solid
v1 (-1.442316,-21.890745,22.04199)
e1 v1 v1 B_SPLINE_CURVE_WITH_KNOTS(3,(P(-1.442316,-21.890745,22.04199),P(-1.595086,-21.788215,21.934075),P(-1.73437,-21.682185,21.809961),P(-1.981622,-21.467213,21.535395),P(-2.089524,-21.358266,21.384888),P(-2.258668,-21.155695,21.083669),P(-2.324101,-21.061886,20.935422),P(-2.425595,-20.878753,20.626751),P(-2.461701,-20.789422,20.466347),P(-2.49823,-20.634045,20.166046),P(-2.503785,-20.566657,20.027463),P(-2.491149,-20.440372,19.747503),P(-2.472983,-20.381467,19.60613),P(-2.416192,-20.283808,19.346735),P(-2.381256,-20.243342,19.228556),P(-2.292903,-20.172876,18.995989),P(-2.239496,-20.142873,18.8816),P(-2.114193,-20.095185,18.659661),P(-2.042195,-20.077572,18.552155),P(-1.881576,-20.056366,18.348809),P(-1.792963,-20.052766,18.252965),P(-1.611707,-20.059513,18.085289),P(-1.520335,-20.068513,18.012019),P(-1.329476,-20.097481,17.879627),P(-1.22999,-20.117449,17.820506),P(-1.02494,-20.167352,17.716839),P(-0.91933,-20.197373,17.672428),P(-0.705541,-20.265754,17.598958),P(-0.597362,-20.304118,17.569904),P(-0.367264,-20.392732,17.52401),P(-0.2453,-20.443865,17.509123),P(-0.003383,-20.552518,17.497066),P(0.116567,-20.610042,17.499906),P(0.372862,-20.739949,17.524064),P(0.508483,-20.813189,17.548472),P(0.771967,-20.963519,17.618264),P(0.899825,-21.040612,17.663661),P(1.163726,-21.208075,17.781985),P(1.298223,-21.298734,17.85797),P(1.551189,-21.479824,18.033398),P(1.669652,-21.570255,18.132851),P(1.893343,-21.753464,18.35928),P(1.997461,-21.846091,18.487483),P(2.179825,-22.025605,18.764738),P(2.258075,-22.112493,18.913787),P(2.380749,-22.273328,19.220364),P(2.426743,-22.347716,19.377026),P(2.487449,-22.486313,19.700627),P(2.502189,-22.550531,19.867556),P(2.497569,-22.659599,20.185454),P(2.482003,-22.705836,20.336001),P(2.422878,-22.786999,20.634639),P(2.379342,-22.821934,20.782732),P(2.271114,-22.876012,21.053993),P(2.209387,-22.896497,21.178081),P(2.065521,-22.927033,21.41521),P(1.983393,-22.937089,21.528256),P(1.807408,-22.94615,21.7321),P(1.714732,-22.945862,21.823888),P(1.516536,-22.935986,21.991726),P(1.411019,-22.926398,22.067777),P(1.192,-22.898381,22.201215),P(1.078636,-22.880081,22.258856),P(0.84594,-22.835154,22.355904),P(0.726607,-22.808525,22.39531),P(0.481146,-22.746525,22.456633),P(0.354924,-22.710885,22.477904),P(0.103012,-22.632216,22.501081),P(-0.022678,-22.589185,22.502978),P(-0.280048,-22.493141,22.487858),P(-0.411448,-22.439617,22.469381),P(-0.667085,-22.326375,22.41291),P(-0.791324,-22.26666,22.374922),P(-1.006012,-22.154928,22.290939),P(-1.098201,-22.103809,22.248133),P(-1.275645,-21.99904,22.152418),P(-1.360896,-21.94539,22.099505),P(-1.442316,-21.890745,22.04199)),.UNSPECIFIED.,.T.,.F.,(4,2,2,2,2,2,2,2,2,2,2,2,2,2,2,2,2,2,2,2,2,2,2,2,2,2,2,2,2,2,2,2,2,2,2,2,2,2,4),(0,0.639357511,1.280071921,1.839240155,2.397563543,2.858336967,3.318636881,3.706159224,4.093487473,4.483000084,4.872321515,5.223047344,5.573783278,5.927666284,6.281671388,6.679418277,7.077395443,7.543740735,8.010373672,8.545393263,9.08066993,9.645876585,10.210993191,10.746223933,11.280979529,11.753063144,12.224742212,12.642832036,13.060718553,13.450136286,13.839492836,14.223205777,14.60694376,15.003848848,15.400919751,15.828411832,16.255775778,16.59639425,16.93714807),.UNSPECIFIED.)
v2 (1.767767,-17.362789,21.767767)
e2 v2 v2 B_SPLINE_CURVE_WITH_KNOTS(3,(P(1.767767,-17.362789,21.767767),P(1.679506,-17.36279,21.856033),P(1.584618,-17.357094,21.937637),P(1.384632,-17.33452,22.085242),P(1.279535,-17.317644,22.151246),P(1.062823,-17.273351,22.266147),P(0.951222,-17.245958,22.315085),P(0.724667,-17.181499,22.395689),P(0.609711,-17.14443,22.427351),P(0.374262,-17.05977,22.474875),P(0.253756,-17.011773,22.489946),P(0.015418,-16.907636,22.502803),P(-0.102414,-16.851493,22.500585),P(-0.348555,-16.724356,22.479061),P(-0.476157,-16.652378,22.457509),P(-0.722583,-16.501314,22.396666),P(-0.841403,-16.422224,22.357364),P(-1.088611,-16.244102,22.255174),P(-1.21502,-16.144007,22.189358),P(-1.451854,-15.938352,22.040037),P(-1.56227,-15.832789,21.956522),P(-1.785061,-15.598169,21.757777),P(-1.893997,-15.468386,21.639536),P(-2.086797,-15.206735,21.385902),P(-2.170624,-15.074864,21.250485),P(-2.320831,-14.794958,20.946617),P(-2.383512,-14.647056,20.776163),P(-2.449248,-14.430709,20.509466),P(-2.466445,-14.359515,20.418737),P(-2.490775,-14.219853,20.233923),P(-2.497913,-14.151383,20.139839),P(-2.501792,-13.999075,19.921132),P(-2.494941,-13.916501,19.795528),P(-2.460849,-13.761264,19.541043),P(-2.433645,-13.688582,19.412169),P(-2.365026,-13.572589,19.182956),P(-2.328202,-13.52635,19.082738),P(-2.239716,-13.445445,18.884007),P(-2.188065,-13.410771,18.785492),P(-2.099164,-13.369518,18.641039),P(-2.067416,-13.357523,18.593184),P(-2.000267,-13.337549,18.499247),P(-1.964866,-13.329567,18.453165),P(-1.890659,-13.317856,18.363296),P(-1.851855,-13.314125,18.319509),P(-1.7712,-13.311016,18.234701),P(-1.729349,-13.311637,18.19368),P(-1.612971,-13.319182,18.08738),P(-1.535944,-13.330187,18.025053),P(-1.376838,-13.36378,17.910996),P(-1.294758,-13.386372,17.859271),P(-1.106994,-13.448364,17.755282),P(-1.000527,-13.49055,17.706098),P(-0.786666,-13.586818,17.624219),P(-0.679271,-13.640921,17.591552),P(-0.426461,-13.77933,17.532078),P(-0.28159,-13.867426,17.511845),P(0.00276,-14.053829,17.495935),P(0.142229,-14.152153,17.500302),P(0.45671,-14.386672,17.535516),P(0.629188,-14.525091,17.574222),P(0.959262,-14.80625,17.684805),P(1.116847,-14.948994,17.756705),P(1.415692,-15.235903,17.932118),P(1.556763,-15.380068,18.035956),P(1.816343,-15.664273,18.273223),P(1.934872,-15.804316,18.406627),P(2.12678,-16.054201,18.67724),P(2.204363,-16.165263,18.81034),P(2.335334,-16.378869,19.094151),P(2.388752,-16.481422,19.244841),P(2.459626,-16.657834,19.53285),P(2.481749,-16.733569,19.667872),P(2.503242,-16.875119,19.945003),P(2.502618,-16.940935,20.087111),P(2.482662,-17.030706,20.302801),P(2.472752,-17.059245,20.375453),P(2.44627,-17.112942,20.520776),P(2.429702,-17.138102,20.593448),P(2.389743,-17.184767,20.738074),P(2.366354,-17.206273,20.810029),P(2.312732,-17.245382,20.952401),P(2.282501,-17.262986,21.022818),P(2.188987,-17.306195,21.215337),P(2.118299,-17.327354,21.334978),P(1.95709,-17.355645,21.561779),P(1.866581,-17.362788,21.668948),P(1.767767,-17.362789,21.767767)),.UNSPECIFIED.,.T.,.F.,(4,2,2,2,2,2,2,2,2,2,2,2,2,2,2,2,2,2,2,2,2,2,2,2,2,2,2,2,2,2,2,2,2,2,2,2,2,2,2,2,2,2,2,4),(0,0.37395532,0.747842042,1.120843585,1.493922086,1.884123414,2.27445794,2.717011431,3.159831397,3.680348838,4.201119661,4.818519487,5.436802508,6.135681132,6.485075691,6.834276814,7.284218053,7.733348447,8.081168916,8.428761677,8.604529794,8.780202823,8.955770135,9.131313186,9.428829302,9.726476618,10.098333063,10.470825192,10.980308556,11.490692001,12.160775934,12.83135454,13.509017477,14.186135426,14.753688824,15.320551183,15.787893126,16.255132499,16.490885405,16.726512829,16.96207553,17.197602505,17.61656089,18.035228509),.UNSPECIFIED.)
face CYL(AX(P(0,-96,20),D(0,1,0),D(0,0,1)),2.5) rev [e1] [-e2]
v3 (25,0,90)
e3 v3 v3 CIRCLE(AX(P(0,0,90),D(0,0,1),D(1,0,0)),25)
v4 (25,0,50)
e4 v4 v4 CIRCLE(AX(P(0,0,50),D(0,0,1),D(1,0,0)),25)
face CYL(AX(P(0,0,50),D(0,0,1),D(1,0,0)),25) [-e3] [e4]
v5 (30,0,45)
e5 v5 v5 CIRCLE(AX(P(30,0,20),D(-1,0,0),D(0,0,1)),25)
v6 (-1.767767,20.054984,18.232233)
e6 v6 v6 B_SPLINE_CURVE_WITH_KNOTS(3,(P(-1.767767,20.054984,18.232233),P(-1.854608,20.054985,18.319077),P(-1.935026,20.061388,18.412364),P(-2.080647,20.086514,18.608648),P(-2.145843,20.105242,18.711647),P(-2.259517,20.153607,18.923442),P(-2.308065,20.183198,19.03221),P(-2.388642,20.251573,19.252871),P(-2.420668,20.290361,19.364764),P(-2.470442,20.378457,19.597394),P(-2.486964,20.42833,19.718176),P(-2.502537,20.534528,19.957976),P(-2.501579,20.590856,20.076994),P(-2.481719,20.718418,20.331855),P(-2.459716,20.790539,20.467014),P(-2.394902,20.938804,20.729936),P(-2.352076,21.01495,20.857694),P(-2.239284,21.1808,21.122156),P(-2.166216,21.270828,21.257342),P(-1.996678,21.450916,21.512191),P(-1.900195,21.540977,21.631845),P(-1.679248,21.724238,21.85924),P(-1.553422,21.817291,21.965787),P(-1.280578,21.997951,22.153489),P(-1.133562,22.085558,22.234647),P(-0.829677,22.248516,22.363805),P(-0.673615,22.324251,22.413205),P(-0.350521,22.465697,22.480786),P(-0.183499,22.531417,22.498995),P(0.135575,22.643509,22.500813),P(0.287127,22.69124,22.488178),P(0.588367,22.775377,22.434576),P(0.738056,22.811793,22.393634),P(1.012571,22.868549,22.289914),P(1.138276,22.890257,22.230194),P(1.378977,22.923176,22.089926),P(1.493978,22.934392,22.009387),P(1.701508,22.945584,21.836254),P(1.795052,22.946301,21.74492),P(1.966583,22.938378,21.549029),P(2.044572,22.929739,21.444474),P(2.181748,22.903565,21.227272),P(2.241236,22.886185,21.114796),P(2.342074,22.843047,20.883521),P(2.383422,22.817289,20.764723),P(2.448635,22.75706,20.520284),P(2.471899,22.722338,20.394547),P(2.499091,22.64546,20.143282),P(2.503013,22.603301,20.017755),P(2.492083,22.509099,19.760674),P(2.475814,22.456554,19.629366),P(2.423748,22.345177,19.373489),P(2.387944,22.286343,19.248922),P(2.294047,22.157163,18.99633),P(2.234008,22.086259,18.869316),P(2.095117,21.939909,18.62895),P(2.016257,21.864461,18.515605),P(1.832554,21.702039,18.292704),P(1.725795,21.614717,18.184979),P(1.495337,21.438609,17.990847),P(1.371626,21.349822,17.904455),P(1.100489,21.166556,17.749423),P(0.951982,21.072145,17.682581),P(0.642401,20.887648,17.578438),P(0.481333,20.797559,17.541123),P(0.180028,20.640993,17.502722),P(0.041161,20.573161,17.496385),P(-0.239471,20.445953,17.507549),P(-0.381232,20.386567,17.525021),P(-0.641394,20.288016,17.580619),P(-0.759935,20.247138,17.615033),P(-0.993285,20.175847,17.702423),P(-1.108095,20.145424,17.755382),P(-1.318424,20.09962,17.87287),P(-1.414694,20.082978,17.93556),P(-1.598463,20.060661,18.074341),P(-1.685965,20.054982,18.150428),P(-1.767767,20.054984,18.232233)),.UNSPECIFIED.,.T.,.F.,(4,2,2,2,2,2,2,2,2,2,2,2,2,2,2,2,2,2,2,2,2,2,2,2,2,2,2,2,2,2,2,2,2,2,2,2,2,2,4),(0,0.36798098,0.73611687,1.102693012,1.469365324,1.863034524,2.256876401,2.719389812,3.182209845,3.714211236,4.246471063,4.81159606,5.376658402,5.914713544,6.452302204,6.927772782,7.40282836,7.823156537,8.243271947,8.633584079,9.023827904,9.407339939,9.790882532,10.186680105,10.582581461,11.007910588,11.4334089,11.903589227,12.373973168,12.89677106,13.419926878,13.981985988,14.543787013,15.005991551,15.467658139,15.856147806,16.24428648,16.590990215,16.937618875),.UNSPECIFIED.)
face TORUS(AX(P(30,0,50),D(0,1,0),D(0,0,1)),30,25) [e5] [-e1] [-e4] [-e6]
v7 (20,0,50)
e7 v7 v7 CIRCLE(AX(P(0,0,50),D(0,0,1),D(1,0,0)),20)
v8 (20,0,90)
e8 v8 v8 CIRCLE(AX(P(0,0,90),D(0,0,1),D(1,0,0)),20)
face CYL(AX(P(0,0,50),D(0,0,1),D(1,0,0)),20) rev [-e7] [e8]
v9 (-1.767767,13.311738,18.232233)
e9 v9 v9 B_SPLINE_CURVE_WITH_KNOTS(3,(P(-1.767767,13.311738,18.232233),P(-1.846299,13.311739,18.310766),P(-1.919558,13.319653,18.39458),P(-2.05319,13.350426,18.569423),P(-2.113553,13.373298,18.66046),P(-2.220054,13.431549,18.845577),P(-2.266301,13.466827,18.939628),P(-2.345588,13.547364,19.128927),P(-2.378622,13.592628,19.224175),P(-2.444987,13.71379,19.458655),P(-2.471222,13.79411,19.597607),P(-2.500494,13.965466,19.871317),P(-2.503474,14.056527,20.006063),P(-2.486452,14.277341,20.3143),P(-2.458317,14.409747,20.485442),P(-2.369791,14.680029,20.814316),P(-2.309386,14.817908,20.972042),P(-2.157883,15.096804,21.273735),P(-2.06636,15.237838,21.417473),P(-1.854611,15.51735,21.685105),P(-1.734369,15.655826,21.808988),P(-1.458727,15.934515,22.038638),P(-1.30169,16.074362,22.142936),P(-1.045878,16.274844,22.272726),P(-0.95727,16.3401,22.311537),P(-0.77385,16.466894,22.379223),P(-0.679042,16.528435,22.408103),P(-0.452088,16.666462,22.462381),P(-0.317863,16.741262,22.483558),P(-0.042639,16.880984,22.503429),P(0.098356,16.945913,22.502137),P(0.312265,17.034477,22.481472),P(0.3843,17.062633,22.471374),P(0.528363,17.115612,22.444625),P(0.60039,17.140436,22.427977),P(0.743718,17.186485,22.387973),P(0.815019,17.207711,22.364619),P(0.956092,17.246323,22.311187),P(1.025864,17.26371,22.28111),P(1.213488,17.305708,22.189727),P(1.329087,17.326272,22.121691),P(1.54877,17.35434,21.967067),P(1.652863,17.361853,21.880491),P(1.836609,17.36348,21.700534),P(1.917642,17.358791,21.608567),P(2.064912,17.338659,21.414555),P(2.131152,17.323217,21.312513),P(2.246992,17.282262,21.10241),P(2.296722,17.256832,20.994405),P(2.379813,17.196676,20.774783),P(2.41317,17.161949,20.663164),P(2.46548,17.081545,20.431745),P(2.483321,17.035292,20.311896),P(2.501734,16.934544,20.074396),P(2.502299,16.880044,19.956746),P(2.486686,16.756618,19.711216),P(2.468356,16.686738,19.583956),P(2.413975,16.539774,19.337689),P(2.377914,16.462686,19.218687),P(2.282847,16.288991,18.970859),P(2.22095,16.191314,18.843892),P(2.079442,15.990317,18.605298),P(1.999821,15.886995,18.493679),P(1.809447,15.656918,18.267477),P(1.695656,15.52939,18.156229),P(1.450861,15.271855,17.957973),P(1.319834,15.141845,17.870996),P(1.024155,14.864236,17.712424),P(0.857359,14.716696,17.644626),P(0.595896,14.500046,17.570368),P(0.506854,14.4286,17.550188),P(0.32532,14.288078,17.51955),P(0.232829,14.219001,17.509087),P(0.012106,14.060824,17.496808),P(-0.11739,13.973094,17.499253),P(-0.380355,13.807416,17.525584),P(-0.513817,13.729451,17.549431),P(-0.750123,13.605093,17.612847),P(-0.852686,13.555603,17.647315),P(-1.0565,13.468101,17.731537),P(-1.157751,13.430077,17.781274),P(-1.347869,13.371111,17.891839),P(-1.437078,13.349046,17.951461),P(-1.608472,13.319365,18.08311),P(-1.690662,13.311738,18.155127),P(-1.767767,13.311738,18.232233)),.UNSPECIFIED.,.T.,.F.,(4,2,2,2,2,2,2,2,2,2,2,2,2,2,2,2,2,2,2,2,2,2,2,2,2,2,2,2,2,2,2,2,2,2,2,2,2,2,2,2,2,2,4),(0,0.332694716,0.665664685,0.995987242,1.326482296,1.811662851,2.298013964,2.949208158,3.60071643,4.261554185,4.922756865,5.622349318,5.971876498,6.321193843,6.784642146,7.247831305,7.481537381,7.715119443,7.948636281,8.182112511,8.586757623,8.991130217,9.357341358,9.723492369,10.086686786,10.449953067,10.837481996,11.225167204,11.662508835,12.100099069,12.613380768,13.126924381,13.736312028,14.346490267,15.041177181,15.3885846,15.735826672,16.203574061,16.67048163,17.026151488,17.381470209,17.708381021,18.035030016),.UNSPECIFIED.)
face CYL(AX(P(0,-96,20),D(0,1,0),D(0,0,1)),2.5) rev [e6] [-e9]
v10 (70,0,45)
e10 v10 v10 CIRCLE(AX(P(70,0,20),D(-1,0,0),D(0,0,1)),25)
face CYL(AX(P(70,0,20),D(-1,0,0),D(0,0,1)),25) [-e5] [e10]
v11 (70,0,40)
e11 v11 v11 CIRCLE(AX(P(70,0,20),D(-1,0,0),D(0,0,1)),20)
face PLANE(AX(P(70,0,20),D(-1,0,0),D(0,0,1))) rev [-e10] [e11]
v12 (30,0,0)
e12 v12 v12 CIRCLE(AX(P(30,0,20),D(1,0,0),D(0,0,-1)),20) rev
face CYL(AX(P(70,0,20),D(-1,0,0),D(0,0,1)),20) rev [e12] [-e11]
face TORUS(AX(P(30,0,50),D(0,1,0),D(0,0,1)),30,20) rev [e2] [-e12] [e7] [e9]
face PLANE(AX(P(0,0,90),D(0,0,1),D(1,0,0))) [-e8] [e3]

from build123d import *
from build123d.topology import SkipClean

# Parameters (mm, degrees)
SKETCH2_R               = 25
SHELL3_T                = -5
CUT_EXTRUDE2_DEPTH      = 117.726175321
CUT_EXTRUDE2_DEPTH_BACK = 96
SKETCH3_R               = 2.5


with BuildPart() as part:
    # Sweep7: sweep along a path in Sketch1
    with BuildLine(Plane(origin=(0, 0, 0), x_dir=(1, 0, 0), z_dir=(0, 1, 0))) as sweep7_path:
        Line((0, -90), (0, -50))
        ThreePointArc((0, -50), (8.786796564, -28.786796564), (30, -20))
        Line((30, -20), (70, -20))
    # Sketch2 → Sweep7 (sweep)
    with BuildSketch(Plane.XY.offset(90)):
        Circle(SKETCH2_R)
    sweep(path=sweep7_path.line)

    # Shell3
    shell3_openings = [part.faces().sort_by_distance(p)[0] for p in [
        (70, 0, 20),
        (0, 0, 90),
    ]]
    offset(amount=SHELL3_T, openings=shell3_openings, kind=Kind.INTERSECTION)

    # Sketch3 → Cut-Extrude2 (cut, two sides: drawn at the far end of the back side and taken through both)
    with SkipClean():  # the faces are left unmerged after this step: merging them gives an invalid solid
        with BuildSketch(Plane(origin=(0, 0, 0), x_dir=(1, 0, 0), z_dir=(0, 1, 0)).offset(-CUT_EXTRUDE2_DEPTH_BACK)):
            with Locations((0, -20)):
                Circle(SKETCH3_R)
        extrude(amount=CUT_EXTRUDE2_DEPTH + CUT_EXTRUDE2_DEPTH_BACK, mode=Mode.SUBTRACT)


solid = part.part
